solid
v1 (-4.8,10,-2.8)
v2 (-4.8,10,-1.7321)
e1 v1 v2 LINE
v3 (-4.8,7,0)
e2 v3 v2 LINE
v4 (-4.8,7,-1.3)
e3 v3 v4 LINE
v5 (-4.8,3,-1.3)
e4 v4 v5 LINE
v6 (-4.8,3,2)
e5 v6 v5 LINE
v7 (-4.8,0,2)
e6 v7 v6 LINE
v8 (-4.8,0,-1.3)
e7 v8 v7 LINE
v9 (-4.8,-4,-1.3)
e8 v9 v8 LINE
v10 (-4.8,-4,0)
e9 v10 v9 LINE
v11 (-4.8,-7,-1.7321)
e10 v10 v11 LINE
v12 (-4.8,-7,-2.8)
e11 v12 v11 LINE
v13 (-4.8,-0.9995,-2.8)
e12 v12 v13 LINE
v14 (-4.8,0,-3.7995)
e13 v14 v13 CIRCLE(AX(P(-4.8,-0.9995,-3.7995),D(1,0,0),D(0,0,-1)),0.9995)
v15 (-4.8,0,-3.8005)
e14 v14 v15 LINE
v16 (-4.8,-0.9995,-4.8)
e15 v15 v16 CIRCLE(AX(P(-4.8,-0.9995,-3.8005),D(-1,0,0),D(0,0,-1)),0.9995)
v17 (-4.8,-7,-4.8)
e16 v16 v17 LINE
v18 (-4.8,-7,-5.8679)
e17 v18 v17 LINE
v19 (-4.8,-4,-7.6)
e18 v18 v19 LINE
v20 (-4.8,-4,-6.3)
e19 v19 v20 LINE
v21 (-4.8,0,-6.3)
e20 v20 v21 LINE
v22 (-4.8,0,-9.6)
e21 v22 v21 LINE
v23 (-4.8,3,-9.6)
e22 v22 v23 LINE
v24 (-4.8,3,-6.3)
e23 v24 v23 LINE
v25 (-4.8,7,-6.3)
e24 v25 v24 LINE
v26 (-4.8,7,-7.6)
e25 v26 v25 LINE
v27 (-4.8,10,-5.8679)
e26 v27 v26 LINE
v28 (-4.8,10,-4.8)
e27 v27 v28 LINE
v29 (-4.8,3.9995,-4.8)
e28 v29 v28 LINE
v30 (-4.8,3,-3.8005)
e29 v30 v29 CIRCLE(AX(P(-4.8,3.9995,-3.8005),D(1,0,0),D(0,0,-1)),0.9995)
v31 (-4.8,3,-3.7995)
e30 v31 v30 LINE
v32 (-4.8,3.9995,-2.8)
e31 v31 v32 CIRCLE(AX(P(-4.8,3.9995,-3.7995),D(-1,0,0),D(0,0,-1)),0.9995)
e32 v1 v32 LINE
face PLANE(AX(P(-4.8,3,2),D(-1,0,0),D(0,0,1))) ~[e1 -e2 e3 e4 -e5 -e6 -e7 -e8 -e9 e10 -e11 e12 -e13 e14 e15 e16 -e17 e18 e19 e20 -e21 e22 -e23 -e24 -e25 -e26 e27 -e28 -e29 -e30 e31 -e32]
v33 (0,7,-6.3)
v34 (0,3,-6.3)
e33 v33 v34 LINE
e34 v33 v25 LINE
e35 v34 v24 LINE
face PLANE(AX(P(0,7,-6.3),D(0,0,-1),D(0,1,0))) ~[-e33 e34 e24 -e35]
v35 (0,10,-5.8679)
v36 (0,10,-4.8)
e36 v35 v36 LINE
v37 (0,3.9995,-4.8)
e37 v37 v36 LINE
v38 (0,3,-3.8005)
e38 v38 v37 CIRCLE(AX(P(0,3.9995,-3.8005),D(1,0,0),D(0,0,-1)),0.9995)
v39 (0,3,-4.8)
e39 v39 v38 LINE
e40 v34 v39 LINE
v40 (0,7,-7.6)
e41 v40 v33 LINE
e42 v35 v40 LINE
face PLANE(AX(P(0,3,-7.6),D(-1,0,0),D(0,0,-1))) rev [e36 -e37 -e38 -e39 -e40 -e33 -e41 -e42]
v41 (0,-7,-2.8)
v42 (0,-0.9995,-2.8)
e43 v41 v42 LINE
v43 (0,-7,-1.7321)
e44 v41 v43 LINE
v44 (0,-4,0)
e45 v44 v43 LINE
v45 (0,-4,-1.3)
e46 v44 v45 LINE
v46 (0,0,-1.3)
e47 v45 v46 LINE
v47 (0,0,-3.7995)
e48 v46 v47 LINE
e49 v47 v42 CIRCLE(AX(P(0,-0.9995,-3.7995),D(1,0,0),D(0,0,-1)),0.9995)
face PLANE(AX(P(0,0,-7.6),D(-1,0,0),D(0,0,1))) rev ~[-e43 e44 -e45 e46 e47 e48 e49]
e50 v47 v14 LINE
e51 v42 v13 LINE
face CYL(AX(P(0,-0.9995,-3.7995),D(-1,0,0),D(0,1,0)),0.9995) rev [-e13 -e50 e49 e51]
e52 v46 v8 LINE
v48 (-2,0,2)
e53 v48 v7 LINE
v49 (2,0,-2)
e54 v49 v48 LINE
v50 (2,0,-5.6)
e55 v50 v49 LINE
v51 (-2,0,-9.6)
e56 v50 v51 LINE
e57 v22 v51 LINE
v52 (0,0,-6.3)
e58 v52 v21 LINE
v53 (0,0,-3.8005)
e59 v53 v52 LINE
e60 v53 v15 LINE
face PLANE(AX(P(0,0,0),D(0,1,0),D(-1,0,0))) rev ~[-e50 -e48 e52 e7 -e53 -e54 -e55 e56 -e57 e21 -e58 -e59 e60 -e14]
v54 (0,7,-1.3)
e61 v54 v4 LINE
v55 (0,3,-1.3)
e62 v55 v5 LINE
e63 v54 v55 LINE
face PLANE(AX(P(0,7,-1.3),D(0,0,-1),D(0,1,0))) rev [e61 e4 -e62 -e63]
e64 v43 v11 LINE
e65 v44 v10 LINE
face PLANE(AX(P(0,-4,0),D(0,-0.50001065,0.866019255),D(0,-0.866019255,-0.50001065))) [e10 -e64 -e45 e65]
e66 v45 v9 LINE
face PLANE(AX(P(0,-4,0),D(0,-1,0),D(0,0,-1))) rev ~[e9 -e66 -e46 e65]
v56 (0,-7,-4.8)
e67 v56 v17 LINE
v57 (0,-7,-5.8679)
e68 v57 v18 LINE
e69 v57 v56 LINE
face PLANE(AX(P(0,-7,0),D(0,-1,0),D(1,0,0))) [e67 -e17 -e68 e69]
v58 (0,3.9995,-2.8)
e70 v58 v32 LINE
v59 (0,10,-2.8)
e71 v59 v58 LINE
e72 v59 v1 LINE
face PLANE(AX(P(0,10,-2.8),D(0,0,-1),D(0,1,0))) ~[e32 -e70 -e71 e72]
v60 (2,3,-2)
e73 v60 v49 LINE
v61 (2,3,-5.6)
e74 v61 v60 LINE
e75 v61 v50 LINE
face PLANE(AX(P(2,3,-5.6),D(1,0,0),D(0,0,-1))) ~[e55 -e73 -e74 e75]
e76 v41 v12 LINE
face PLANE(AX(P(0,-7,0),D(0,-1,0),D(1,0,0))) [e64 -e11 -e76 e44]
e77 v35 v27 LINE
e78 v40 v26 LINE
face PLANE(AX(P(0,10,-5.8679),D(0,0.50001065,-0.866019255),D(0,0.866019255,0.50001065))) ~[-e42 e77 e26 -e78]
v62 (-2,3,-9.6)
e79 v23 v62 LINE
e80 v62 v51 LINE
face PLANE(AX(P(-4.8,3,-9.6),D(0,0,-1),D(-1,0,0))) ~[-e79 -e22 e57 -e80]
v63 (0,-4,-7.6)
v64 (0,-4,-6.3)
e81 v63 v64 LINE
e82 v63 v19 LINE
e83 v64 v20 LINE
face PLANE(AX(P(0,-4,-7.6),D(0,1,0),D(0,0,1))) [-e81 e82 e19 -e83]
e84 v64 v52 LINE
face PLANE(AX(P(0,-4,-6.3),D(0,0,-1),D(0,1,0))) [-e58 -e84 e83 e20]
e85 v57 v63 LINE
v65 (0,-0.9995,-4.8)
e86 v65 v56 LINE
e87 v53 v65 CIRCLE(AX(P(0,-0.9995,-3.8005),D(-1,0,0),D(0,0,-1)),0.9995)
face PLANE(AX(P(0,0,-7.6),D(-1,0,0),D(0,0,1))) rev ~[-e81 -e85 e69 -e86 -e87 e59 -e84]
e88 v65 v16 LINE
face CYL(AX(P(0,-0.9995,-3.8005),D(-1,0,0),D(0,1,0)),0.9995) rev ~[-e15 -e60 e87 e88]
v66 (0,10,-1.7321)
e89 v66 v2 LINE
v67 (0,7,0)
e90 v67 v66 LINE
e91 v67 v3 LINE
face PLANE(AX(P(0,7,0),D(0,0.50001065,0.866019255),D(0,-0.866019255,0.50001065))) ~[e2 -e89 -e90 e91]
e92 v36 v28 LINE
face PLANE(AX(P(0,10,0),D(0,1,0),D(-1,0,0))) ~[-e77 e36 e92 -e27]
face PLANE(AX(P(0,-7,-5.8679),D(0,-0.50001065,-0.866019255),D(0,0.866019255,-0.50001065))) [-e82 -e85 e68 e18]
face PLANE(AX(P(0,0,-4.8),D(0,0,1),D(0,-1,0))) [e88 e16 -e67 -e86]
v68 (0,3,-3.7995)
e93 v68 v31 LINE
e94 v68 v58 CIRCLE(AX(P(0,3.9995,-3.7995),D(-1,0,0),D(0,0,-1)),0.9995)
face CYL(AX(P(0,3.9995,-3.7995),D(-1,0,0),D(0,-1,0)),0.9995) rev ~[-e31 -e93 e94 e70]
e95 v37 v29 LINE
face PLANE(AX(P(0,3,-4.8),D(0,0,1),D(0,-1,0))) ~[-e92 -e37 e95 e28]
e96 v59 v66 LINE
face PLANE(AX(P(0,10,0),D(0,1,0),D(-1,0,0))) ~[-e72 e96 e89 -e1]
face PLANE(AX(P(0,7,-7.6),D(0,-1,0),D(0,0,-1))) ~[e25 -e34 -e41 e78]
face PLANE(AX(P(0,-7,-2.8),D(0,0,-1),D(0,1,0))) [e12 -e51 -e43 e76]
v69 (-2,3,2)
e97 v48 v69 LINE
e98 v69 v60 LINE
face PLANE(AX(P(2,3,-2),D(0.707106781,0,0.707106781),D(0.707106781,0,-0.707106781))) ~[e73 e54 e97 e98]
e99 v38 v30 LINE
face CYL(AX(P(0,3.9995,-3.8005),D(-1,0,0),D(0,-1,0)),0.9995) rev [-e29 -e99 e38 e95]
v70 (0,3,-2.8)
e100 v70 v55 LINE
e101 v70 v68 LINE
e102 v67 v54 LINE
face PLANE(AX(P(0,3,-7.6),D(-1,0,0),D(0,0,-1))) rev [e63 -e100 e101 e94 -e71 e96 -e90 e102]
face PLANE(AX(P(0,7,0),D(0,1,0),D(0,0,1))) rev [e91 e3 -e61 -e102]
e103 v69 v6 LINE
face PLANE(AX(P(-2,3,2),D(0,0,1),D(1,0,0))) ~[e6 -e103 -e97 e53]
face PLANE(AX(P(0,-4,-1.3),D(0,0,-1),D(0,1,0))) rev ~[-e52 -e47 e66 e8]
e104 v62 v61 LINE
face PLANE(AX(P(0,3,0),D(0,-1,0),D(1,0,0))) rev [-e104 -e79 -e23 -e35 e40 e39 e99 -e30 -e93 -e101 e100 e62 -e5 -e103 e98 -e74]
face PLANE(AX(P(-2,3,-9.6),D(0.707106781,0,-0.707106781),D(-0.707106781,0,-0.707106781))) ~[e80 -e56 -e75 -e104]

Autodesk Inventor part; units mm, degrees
ref_plane "YZ Plane" through (0, 0, 0) normal (1, 0, 0) x (0, 1, 0)
ref_plane "XZ Plane" through (0, 0, 0) normal (0, 1, 0) x (-1, 0, 0)
ref_plane "XY Plane" through (0, 0, 0) normal (0, 0, 1) x (1, 0, 0)
sketch "Sketch1" plane through (0, 0, 0) normal (0, 1, 0) x (-1, 0, 0)
  line L0 (0, 0) -> (4.8, 0) construction
  line L1 (4.8, 0) -> (4.8, -7.6) construction
  line L2 (4.8, -7.6) -> (0, -7.6) construction
  line L3 (0, -7.6) -> (0, 0) construction
  line L4 (4.8, -9.6) -> (2, -9.6)
  line L5 (2, -9.6) -> (-2, -5.6)
  line L6 (-2, -5.6) -> (-2, -2)
  line L7 (-2, -2) -> (2, 2)
  line L8 (2, 2) -> (4.8, 2)
  line L9 (4.8, 2) -> (4.8, -9.6)
  line L10 (2.4, 0) -> (2.4, 2) construction
  line L11 (-2, -3.8) -> (0, -3.8) construction
  line L12 (2.4, -7.6) -> (2.4, -9.6) construction
  dimension "d0" = 7.6
  dimension "d1" = 4.8
  dimension "d2" = 2
extrude "Extrusion1" add sketch "Sketch1" along normal blind 1.5
sketch "Sketch2" plane through (0, 0, 0) normal (0, -1, 0) x (1, 0, 0)
  line L0 (-4.8, -9.6) -> (-4.8, 2) projected
  line L1 (0, 0) -> (-4.8, 0)
  line L2 (-4.8, 0) -> (-4.8, -7.6)
  line L3 (-4.8, -7.6) -> (0, -7.6)
  line L4 (0, -7.6) -> (0, 0)
  line L5 (2, -5.6) -> (-2, -9.6) projected
extrude "Extrusion2" add sketch "Sketch2" along normal blind 7
sketch "Sketch3" plane through (0, 0, 0) normal (1, 0, 0) x (0, 0, -1)
  line L0 (-17.9, 0) -> (-18, 0)
  line L1 (-18, 1) -> (-17.9, 1) construction
  line L2 (0, 0) -> (0, -7)
  line L3 (0, -4) -> (1.7321, -7)
  line L4 (2.8, -7) -> (2.8, 0)
  line L5 (2.8, 0) -> (4.8, 0)
  line L6 (4.8, 0) -> (4.8, -7)
  line L7 (4.8, -7) -> (5.8679, -7)
  line L8 (5.8679, -7) -> (7.6, -4)
  line L9 (7.6, -4) -> (6.3, -4)
  line L10 (6.3, -4) -> (6.3, 0)
  line L11 (7.6, 0) -> (7.6, -7.2498)
  line L12 (6.3, 0) -> (7.6, 0)
  line L13 (2.8, -7) -> (1.7321, -7)
  line L14 (0, -4) -> (1.3, -4)
  line L15 (1.3, -4) -> (1.3, 0)
  line L16 (1.3, 0) -> (0, 0)
  line L17 (0, 0) -> (0, -7)
  line L18 (0, -4) -> (0, -7)
  line L19 (0, -7) -> (1.7321, -7)
  line L20 (7.6, 0) -> (7.6, -4)
  line L21 (3.8, -6.9306) -> (3.8, 0) construction
  line L22 (6.3, -4) -> (4.8, -4) construction
  line L23 (1.3, -4) -> (2.8, -4) construction
  line L24 (-17.9, 0) -> (-18, 0)
  line L25 (-18, 1) -> (-17.9, 1) construction
  line L26 (0, 0) -> (0, -7) projected
  line L27 (2, 0) -> (5.6, 0) projected
  line L28 (7.6, -7) -> (0, -7) projected
  line L29 (2.8, -7) -> (4.8, -7)
  line L30 (5.8679, -7) -> (7.6, -7)
  point P0 (2.8, -7)
  point P1 (4.8, -7)
  dimension "d14" = 4
  dimension "d15" = 1.5
  dimension "d16" = 1
  dimension "d17" = 60
  dimension "d18" = 7.6
  dimension "d20" = 1.3
extrude "Extrusion3" cut sketch "Sketch3" against normal up to surface (4.8 mm away)
fillet "Fillet1" radius 1 2 edges at (-2.4, 0, -4.8) (-2.4, 0, -2.8)
mirror "Mirror1" about plane through (-1.4, 1.5, -3.8) normal (0, 1, 0) of "Extrusion1", "Extrusion2", "Extrusion3", "Fillet1"
properties part number "PlugbothWays"
